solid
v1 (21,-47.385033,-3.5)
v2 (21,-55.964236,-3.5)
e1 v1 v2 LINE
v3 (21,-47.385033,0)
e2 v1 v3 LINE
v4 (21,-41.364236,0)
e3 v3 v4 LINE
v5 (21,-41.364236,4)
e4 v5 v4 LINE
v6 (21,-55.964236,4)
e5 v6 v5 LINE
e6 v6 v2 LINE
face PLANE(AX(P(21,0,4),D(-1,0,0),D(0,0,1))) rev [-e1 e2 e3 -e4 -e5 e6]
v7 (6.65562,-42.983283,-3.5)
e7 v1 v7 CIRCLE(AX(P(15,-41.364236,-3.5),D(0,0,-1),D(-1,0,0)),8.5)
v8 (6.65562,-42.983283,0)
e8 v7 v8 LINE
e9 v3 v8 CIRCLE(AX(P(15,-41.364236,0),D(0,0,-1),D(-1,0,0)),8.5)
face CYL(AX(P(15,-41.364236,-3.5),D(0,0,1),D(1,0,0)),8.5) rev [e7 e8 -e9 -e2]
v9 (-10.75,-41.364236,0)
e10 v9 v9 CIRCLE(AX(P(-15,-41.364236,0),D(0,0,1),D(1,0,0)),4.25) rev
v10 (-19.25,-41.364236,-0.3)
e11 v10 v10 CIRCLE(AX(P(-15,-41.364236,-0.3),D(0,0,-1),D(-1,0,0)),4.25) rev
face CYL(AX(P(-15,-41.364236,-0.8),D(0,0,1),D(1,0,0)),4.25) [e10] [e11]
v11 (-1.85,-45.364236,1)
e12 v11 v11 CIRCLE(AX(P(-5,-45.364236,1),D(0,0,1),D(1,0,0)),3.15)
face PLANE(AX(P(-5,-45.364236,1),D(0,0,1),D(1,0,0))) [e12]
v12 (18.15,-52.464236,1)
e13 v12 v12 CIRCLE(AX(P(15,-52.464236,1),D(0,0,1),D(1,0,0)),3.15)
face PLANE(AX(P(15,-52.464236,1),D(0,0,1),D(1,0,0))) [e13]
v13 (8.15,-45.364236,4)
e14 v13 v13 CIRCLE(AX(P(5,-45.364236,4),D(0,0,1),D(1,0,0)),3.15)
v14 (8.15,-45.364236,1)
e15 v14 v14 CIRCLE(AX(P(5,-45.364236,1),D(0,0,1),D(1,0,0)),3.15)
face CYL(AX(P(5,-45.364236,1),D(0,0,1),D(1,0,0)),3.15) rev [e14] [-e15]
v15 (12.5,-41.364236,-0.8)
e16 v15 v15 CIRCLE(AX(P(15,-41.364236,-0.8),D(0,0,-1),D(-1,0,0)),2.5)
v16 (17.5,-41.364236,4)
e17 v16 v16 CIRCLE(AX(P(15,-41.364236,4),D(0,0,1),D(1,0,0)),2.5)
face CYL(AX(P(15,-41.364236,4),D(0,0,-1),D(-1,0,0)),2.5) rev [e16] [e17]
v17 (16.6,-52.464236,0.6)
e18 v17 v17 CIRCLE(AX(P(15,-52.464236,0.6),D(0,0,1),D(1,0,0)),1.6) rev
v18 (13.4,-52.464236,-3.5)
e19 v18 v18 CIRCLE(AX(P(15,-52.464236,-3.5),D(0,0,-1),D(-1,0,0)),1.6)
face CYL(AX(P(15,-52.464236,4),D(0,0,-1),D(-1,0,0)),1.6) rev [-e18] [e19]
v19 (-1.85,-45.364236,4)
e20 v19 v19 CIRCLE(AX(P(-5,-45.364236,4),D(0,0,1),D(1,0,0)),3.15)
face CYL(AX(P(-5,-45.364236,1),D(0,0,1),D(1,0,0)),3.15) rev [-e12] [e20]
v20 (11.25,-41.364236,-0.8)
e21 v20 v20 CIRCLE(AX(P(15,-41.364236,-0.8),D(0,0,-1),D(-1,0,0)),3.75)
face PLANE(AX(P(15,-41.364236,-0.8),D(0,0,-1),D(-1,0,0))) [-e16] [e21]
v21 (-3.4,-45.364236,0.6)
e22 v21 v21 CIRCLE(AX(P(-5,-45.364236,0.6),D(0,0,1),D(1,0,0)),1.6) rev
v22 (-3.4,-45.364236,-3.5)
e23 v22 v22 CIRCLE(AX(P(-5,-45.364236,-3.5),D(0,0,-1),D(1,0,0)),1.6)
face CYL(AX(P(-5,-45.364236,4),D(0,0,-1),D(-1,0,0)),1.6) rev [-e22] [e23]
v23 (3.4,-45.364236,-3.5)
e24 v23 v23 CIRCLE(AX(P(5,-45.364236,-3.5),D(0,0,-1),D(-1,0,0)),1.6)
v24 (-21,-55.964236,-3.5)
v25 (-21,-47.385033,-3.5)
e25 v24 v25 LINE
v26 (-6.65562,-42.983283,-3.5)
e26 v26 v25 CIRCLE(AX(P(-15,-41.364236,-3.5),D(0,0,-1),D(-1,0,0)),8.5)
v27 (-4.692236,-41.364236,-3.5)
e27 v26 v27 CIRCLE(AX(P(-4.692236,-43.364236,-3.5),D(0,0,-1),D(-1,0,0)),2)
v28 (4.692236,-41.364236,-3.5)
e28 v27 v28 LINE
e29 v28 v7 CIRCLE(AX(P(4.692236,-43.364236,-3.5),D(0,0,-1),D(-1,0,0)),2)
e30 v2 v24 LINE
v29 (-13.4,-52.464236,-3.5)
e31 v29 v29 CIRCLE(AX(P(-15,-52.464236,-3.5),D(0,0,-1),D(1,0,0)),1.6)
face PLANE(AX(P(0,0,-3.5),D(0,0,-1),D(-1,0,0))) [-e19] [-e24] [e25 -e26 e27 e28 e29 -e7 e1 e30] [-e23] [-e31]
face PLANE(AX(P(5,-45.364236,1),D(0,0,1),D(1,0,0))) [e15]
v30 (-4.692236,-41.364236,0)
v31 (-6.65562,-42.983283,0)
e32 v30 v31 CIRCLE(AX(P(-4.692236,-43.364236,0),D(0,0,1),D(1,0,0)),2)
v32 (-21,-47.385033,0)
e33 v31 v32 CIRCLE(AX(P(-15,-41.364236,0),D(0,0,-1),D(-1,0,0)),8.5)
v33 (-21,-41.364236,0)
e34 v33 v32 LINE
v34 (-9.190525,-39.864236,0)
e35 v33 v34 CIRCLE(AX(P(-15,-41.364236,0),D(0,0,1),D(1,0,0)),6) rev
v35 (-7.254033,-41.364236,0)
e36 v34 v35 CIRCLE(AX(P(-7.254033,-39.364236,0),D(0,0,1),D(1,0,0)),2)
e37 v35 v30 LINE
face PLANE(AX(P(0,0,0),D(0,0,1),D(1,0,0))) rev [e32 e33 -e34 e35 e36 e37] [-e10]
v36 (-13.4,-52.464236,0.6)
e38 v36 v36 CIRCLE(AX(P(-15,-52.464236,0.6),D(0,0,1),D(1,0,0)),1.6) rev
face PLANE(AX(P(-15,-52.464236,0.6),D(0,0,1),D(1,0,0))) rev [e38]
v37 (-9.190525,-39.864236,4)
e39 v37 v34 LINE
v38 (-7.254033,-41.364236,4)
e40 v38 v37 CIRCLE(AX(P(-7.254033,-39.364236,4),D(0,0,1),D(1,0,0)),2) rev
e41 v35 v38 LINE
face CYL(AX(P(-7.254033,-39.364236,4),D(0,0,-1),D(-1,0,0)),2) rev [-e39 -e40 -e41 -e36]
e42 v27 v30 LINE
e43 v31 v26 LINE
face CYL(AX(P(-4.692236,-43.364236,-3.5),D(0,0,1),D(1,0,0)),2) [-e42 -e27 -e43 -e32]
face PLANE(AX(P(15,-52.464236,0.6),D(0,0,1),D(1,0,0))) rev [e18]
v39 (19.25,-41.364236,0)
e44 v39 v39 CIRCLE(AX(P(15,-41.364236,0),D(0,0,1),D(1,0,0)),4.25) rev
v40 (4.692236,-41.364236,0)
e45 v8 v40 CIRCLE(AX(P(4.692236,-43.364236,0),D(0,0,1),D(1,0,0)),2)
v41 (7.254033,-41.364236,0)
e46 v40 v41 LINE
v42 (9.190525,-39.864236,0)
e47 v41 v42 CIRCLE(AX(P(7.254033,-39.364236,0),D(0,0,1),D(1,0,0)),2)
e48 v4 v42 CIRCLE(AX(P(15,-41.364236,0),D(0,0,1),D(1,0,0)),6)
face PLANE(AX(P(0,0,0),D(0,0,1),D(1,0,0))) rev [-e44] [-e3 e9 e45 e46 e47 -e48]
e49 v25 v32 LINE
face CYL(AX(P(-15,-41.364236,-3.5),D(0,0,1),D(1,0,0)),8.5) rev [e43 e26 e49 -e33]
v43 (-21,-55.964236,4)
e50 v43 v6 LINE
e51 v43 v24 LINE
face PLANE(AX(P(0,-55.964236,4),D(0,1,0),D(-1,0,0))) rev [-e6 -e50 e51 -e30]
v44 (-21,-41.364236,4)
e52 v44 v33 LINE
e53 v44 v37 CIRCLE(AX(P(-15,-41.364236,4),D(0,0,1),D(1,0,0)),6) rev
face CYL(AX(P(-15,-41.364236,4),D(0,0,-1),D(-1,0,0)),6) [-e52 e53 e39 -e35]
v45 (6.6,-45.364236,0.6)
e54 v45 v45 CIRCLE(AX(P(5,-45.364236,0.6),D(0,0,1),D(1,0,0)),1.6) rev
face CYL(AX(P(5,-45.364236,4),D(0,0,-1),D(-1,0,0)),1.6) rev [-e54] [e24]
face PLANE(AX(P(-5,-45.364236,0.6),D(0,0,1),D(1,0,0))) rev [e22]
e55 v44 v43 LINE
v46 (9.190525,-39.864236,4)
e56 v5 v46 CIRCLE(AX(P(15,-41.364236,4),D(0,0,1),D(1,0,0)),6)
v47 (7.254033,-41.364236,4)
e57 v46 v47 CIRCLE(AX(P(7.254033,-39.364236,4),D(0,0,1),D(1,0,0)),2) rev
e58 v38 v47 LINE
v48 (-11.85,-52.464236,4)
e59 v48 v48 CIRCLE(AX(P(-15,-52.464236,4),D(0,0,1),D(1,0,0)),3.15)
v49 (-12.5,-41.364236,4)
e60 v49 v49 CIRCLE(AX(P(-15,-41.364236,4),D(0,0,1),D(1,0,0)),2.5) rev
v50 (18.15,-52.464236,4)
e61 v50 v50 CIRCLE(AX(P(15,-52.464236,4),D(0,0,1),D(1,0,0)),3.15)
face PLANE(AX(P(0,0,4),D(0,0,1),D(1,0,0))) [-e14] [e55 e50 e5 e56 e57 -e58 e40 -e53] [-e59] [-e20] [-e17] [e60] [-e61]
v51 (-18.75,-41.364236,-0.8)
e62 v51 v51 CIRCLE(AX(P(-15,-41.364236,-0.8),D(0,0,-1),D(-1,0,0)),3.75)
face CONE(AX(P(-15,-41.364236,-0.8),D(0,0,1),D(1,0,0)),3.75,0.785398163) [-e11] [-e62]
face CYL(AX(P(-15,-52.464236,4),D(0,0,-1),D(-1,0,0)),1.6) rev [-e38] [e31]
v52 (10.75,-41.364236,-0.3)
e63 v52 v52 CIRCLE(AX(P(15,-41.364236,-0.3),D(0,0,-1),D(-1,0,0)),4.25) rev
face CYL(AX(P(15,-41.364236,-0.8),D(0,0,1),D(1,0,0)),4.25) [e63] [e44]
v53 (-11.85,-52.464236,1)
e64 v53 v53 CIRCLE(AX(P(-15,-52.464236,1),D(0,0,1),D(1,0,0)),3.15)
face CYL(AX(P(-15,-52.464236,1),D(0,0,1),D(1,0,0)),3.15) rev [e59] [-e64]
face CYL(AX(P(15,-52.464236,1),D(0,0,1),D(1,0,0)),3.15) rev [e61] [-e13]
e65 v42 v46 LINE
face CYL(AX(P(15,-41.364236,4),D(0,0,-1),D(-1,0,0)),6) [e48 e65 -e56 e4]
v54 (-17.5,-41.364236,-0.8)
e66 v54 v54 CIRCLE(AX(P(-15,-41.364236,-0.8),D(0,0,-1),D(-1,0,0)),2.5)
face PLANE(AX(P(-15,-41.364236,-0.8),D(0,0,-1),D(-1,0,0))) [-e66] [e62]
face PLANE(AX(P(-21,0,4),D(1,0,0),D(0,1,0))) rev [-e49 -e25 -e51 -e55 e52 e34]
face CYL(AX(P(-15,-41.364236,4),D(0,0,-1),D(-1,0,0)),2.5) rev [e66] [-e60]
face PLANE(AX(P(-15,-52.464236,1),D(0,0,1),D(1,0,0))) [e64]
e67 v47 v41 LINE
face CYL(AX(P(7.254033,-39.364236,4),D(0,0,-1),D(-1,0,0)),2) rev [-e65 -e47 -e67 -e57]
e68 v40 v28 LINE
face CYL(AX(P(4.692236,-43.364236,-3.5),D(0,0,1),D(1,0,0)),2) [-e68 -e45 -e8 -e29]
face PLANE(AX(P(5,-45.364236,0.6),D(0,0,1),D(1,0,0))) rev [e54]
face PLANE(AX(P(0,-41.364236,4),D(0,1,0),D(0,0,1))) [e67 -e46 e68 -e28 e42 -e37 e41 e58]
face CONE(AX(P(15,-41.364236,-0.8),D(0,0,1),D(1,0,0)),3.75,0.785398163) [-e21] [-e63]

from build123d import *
from build123d.topology import SkipClean

# Parameters (mm, degrees)
SKETCH1_R           = 6
SKETCH1_R_2         = 2.5
BOSS_EXTRUDE1_DEPTH = 4
BOSS_EXTRUDE2_START = 0.8
SKETCH2_R           = 4.25
SKETCH2_R_2         = 2.5
BOSS_EXTRUDE2_DEPTH = 0.8
BOSS_EXTRUDE3_DEPTH = 3.5
SKETCH4_R           = 1.6
CUT_EXTRUDE1_DEPTH  = 61.243221064
SKETCH5_R           = 3.15
CUT_EXTRUDE2_DEPTH  = 3
CHAMFER1_SIZE       = 0.5
FILLET1_R           = 2
BOSS_EXTRUDE4_START = -0.4
SKETCH6_R           = 1.6
BOSS_EXTRUDE4_DEPTH = 0.4


with BuildPart() as part:
    # Sketch1 → Boss-Extrude1 (new body)
    # profile 1 of 3: a face of its own
    with BuildSketch(Plane.XY):
        with BuildLine():
            Line((9, -41.36423576), (-9, -41.36423576))
            ThreePointArc((-9, -41.36423576), (-15, -47.36423576), (-21, -41.36423576))
            Line((-21, -41.36423576), (-21, -55.96423576))
            Line((-21, -55.96423576), (21, -55.96423576))
            Line((21, -55.96423576), (21, -41.36423576))
            ThreePointArc((21, -41.36423576), (15, -47.36423576), (9, -41.36423576))
        make_face()
    # profile 2 of 3: a face of its own
    with BuildSketch(Plane.XY):
        with Locations((-15, -41.36423576)):
            Circle(SKETCH1_R)
        with Locations((-15, -41.36423576)):
            Circle(SKETCH1_R_2, mode=Mode.SUBTRACT)
    # profile 3 of 3: a face of its own
    with BuildSketch(Plane.XY):
        with Locations((15, -41.36423576)):
            Circle(SKETCH1_R)
        with Locations((15, -41.36423576)):
            Circle(SKETCH1_R_2, mode=Mode.SUBTRACT)
    extrude(amount=BOSS_EXTRUDE1_DEPTH)

    # Sketch2 → Boss-Extrude2 (add)
    # profile 1 of 2: a face of its own
    with SkipClean():  # the faces are left unmerged after this step: merging them gives an invalid solid
        with BuildSketch(Plane(origin=(0, 0, 0), x_dir=(-1, 0, 0), z_dir=(0, 0, -1)).offset(BOSS_EXTRUDE2_START)):
            with Locations(Location((-15, -41.36423576, 0), (0, 0, 180))):
                Circle(SKETCH2_R)
            with Locations((-15, -41.36423576)):
                Circle(SKETCH2_R_2, mode=Mode.SUBTRACT)
        # profile 2 of 2: a face of its own
        with BuildSketch(Plane(origin=(0, 0, 0), x_dir=(-1, 0, 0), z_dir=(0, 0, -1)).offset(BOSS_EXTRUDE2_START)):
            with Locations(Location((15, -41.36423576, 0), (0, 0, 180))):
                Circle(SKETCH2_R)
            with Locations((15, -41.36423576)):
                Circle(SKETCH2_R_2, mode=Mode.SUBTRACT)
        extrude(amount=-BOSS_EXTRUDE2_DEPTH)

    # Sketch3 → Boss-Extrude3 (add)
    with SkipClean():  # the faces are left unmerged after this step: merging them gives an invalid solid
        with BuildSketch(Plane(origin=(0, 0, 0), x_dir=(-1, 0, 0), z_dir=(0, 0, -1))):
            with BuildLine():
                ThreePointArc((21, -47.385033049), (11.740398797, -49.214394994), (6.5, -41.36423576))
                Line((6.5, -41.36423576), (-6.5, -41.36423576))
                ThreePointArc((-6.5, -41.36423576), (-11.740398797, -49.214394994), (-21, -47.385033049))
                Line((-21, -47.385033049), (-21, -55.96423576))
                Line((-21, -55.96423576), (21, -55.96423576))
                Line((21, -55.96423576), (21, -47.385033049))
            make_face()
        extrude(amount=BOSS_EXTRUDE3_DEPTH)

    # Sketch4 → Cut-Extrude1 (cut, through all)
    with SkipClean():  # the faces are left unmerged after this step: merging them gives an invalid solid
        with BuildSketch(Plane(origin=(0, 0, -3.5), x_dir=(-1, 0, 0), z_dir=(0, 0, -1))):
            with Locations((-5, -45.36423576)):
                Circle(SKETCH4_R)
            with Locations((-15, -52.46423576)):
                Circle(SKETCH4_R)
            with Locations(Location((15, -52.46423576, 0), (0, 0, 180))):
                Circle(SKETCH4_R)
            with Locations(Location((5, -45.36423576, 0), (0, 0, 180))):
                Circle(SKETCH4_R)
        extrude(amount=-CUT_EXTRUDE1_DEPTH, mode=Mode.SUBTRACT)

    # Sketch5 → Cut-Extrude2 (cut)
    with SkipClean():  # the faces are left unmerged after this step: merging them gives an invalid solid
        with BuildSketch(Plane.XY.offset(4)):
            with Locations((-5, -45.36423576)):
                Circle(SKETCH5_R)
            with Locations((5, -45.36423576)):
                Circle(SKETCH5_R)
            with Locations((15, -52.46423576)):
                Circle(SKETCH5_R)
            with Locations((-15, -52.46423576)):
                Circle(SKETCH5_R)
        extrude(amount=-CUT_EXTRUDE2_DEPTH, mode=Mode.SUBTRACT)

    # Chamfer1
    chamfer1_edges = [part.edges().sort_by_distance(p)[0] for p in [
        (10.75, -41.36423576, -0.8),
        (-19.25, -41.36423576, -0.8),
    ]]
    chamfer(chamfer1_edges, length=CHAMFER1_SIZE)

    # Fillet1
    fillet1_edges = [part.edges().sort_by_distance(p)[0] for p in [
        (9, -41.36423576, 2),
        (-9, -41.36423576, 2),
        (-6.5, -41.36423576, -1.75),
        (6.5, -41.36423576, -1.75),
    ]]
    fillet(fillet1_edges, radius=FILLET1_R)

    # Sketch6 → Boss-Extrude4 (add)
    with SkipClean():  # the faces are left unmerged after this step: merging them gives an invalid solid
        with BuildSketch(Plane.XY.offset(1).offset(BOSS_EXTRUDE4_START)):
            with Locations(Location((15, -52.46423576, 0), (0, 0, 180))):
                Circle(SKETCH6_R)
            with Locations(Location((5, -45.36423576, 0), (0, 0, 180))):
                Circle(SKETCH6_R)
            with Locations((-15, -52.46423576)):
                Circle(SKETCH6_R)
            with Locations((-5, -45.36423576)):
                Circle(SKETCH6_R)
        extrude(amount=BOSS_EXTRUDE4_DEPTH)


solid = part.part
